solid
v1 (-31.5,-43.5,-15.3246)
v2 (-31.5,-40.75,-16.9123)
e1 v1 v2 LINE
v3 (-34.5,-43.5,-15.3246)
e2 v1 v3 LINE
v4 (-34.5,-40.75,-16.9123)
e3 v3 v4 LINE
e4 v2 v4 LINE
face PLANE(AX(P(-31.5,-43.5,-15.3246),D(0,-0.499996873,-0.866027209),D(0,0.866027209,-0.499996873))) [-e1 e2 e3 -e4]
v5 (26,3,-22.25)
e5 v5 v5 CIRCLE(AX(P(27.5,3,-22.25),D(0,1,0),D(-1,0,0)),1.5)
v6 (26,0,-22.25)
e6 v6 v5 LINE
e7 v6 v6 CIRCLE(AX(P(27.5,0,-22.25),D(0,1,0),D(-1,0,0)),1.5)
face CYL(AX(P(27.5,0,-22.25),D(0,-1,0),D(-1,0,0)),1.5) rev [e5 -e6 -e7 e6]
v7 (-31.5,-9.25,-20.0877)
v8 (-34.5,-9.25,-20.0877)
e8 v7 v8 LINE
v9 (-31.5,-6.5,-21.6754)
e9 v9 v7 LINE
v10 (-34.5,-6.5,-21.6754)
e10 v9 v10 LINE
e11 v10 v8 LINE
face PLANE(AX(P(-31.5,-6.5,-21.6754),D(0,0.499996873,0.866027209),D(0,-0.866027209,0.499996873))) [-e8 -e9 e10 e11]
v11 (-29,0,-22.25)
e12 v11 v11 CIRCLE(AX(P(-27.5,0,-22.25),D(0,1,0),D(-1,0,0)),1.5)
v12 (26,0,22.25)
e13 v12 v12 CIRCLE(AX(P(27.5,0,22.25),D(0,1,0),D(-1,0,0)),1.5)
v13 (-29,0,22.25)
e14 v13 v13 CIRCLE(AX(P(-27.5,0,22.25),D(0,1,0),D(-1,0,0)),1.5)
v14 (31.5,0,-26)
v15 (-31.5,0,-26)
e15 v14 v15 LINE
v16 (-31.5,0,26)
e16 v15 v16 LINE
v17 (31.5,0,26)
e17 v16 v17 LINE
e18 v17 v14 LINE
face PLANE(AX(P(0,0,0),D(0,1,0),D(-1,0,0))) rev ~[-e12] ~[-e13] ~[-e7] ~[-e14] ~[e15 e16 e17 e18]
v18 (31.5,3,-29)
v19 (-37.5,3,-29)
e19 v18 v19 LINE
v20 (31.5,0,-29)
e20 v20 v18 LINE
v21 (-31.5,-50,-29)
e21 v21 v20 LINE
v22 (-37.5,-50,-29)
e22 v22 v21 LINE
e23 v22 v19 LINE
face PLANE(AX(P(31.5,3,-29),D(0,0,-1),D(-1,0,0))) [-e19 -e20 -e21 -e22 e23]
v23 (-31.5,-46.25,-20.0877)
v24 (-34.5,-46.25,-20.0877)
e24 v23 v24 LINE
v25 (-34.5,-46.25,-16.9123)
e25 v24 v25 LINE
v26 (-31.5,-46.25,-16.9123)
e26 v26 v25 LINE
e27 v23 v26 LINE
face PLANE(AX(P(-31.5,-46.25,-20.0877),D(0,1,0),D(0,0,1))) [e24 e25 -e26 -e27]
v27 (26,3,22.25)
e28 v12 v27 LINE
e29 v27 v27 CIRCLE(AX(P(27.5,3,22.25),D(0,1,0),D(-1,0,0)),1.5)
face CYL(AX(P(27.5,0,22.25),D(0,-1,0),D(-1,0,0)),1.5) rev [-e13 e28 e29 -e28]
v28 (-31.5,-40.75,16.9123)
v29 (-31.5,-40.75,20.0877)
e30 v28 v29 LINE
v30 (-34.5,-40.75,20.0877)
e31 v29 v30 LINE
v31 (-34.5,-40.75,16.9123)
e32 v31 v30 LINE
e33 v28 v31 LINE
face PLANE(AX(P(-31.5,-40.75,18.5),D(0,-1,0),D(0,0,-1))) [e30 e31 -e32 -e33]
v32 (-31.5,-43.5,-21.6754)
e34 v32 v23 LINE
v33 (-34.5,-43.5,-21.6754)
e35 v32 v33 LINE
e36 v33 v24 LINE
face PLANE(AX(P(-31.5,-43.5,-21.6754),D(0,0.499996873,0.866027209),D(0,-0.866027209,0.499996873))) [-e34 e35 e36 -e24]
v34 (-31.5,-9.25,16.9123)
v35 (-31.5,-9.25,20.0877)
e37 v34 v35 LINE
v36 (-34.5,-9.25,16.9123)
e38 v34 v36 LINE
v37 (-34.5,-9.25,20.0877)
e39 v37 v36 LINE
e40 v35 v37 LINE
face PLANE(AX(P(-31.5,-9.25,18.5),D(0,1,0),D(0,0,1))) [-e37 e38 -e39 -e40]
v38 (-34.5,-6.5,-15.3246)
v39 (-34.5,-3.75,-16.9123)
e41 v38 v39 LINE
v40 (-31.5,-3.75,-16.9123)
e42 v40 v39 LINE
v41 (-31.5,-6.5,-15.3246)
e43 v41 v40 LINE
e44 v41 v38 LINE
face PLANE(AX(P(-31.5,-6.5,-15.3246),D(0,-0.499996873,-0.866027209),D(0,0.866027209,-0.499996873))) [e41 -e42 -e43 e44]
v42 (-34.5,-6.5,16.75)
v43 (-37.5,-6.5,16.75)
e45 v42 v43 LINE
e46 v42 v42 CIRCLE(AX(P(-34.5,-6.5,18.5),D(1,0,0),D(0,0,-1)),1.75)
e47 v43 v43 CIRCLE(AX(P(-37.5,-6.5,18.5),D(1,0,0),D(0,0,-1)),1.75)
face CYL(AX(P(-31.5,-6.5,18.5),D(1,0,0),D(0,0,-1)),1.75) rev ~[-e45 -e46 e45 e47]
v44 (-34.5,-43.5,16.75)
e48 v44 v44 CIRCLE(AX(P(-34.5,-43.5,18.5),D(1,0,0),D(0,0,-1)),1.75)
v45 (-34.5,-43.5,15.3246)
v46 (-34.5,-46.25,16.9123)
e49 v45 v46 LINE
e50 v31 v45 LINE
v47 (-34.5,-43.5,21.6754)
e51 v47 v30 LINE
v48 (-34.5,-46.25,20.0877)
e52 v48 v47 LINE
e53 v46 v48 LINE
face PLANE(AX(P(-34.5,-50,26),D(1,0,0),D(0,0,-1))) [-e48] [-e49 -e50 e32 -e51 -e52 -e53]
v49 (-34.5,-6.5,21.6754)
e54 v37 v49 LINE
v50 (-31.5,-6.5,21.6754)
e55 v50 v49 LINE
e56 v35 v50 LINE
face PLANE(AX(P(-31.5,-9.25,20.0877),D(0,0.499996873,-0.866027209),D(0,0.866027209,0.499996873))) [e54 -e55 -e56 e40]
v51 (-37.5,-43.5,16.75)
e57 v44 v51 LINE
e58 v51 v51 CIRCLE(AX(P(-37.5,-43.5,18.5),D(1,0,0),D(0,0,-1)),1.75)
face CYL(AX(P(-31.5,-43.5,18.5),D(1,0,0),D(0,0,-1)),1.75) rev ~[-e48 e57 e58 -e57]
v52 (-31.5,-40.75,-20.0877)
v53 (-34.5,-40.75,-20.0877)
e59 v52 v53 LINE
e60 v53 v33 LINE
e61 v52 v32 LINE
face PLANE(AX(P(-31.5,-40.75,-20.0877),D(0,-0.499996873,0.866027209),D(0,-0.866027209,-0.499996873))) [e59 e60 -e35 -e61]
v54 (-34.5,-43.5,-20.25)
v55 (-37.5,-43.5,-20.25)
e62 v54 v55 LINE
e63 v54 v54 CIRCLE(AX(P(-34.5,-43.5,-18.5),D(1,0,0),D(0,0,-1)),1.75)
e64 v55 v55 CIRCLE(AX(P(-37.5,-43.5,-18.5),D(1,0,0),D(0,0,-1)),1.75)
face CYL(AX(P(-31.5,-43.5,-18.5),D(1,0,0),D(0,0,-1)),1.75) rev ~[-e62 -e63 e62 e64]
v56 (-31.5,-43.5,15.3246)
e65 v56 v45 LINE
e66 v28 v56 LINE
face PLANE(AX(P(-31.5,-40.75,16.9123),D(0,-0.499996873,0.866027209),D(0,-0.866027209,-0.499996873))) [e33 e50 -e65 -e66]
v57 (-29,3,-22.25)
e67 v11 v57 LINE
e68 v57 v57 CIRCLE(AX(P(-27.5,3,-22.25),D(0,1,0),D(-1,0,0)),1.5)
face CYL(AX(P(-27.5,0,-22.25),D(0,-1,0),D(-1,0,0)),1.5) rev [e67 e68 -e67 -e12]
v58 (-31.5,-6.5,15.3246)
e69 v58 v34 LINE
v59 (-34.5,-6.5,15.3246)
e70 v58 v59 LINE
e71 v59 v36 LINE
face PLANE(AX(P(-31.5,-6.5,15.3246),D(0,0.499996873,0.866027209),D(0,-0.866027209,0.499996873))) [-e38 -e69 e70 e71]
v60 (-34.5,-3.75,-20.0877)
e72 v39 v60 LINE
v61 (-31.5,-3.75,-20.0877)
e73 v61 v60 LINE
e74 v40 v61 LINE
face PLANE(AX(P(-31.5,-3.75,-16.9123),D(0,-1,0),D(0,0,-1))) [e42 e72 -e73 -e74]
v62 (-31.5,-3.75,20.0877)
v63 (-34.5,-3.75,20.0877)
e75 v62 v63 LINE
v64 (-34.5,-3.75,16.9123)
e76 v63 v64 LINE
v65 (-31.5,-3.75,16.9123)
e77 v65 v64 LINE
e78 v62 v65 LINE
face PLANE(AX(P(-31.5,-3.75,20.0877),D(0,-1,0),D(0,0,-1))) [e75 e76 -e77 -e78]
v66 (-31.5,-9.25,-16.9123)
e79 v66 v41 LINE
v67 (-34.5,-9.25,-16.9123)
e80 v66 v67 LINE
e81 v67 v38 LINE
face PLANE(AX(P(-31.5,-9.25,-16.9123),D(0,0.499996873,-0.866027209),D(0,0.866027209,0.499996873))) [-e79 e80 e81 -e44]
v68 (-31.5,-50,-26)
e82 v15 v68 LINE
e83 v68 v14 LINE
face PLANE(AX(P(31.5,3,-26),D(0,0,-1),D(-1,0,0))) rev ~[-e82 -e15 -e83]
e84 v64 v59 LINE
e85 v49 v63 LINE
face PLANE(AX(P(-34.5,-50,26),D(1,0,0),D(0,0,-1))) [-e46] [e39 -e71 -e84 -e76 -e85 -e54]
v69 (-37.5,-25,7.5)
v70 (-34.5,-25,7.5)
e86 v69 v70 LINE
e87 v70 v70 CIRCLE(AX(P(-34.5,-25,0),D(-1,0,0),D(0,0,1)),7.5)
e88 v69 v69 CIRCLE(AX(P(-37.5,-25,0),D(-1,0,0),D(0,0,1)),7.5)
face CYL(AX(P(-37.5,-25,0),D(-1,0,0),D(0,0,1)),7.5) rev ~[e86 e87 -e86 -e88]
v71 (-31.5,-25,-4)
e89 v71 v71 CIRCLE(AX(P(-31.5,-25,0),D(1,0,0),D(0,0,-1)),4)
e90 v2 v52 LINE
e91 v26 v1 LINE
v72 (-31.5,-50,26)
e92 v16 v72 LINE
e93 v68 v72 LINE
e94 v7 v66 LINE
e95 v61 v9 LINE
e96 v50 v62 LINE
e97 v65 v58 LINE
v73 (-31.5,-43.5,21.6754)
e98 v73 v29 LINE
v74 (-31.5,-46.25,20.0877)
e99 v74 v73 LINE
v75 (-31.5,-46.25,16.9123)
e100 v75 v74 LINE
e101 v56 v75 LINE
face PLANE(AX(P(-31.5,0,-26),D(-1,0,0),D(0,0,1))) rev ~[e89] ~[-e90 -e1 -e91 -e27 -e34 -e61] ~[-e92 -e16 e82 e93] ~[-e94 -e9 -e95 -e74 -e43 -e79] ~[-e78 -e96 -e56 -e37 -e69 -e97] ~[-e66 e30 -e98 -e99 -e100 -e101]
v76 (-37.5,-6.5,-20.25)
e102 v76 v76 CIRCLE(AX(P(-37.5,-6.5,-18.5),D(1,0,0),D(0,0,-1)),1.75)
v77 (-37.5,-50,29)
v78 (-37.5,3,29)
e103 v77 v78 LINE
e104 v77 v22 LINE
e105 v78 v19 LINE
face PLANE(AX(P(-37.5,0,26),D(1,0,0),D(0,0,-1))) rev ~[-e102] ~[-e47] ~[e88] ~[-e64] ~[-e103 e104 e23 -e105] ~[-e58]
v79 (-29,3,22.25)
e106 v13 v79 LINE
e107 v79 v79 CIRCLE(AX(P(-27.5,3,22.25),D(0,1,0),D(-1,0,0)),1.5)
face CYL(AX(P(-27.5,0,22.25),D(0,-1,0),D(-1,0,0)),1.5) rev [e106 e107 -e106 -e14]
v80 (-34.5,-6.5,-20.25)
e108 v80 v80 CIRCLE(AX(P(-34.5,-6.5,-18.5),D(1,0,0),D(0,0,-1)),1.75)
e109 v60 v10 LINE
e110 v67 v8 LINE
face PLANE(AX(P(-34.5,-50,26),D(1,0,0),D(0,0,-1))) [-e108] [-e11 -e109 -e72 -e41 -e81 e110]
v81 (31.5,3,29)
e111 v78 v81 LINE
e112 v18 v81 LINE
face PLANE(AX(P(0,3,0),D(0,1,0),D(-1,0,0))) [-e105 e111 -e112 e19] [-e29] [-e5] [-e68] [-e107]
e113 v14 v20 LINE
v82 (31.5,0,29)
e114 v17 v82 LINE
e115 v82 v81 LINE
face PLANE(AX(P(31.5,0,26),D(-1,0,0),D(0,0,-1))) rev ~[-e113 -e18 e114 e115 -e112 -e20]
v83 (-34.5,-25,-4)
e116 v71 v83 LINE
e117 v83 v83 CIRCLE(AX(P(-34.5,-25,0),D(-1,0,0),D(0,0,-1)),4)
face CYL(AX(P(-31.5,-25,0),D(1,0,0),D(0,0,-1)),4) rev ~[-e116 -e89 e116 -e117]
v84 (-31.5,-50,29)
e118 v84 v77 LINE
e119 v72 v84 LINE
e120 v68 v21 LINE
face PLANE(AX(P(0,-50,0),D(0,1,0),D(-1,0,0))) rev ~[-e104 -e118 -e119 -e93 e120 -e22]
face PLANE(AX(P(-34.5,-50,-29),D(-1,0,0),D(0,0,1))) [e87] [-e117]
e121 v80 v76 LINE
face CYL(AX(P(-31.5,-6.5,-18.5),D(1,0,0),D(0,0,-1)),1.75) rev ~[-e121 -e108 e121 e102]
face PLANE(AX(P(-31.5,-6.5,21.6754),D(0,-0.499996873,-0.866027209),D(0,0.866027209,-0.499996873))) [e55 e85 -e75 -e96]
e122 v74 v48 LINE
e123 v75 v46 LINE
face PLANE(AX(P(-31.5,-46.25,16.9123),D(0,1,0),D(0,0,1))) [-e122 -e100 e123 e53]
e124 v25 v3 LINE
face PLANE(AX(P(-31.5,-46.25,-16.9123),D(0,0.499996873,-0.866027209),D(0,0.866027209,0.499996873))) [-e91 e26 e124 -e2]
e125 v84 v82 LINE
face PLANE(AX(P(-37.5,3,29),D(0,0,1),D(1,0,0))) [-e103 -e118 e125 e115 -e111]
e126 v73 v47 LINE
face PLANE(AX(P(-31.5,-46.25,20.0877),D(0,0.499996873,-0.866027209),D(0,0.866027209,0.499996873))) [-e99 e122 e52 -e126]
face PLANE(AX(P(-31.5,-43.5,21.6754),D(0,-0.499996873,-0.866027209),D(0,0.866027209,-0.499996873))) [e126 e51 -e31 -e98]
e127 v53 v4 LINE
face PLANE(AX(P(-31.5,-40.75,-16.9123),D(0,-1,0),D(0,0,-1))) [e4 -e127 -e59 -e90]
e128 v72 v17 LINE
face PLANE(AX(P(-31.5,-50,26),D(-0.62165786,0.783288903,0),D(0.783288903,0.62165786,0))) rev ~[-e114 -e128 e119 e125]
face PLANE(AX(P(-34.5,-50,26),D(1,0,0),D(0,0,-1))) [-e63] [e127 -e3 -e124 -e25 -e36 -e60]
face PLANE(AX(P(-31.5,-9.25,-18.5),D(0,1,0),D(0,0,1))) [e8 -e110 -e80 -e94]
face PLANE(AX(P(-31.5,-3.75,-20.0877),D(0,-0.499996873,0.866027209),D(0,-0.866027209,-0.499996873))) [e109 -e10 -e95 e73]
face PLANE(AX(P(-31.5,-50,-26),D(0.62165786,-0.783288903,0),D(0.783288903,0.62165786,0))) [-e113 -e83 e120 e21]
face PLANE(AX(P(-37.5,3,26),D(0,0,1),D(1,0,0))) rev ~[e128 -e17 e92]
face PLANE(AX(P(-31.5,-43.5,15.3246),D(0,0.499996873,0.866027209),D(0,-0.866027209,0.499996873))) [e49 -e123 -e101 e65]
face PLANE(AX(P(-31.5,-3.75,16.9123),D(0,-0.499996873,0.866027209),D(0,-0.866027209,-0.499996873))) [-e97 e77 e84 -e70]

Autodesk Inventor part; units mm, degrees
ref_plane "YZ Plane" through (0, 0, 0) normal (1, 0, 0) x (0, 1, 0)
ref_plane "XZ Plane" through (0, 0, 0) normal (0, 1, 0) x (-1, 0, 0)
ref_plane "XY Plane" through (0, 0, 0) normal (0, 0, 1) x (1, 0, 0)
sketch "Skizze1" plane through (0, 0, 0) normal (0, 1, 0) x (-1, 0, 0)
  line L0 (-31.5, -26) -> (31.5, -26)
  line L1 (31.5, -26) -> (31.5, 26)
  line L2 (31.5, 26) -> (-31.5, 26)
  line L3 (-31.5, 26) -> (-31.5, -26)
  line L4 (-31.5, -26) -> (31.5, 26) construction
  line L5 (31.5, -26) -> (-31.5, 26) construction
  circle A0 centre (27.5, 22.25) radius 1.5
  circle A1 centre (-27.5, 22.25) radius 1.5
  circle A2 centre (-27.5, -22.25) radius 1.5
  circle A3 centre (27.5, -22.25) radius 1.5
  line L6 (31.5, 0) -> (-31.5, 0) construction
  line L7 (0, 26) -> (0, -26) construction
  line L8 (31.5, -26) -> (31.5, 26)
  line L9 (31.5, 26) -> (37.5, 26)
  line L10 (37.5, 26) -> (37.5, -26)
  line L11 (37.5, -26) -> (31.5, -26)
  point P0 (0, 0)
  dimension "d0" = 63
  dimension "d1" = 52
  dimension "d4" = 3
  dimension "d9" = 44.5
  dimension "d10" = 55
  dimension "d11" = 6
extrude "Extrusion1" add sketch "Skizze1" along normal blind 3
extrude "Extrusion2" add sketch "Skizze1" against normal blind 50 contours L1 L9 L10 L11
sketch "Skizze2" plane through (-31.5, -50, 26) normal (1, 0, 0) x (0, 0, -1)
  line L0 (52, 0) -> (0, 0) projected
  line L1 (26, 50) -> (26, 0) construction
  line L2 (7.5, 6.5) -> (44.5, 6.5)
  line L3 (44.5, 6.5) -> (44.5, 43.5)
  line L4 (44.5, 43.5) -> (7.5, 43.5)
  line L5 (7.5, 43.5) -> (7.5, 6.5)
  line L6 (7.5, 6.5) -> (44.5, 43.5) construction
  line L7 (44.5, 6.5) -> (7.5, 43.5) construction
  line L8 (42.9123, 3.75) -> (41.3246, 6.5)
  line L9 (41.3246, 6.5) -> (42.9123, 9.25)
  line L10 (42.9123, 9.25) -> (46.0877, 9.25)
  line L11 (46.0877, 9.25) -> (47.6754, 6.5)
  line L12 (47.6754, 6.5) -> (46.0877, 3.75)
  line L13 (46.0877, 3.75) -> (42.9123, 3.75)
  line L14 (5.9123, 3.75) -> (4.3246, 6.5)
  line L15 (4.3246, 6.5) -> (5.9123, 9.25)
  line L16 (5.9123, 9.25) -> (9.0877, 9.25)
  line L17 (9.0877, 9.25) -> (10.6754, 6.5)
  line L18 (10.6754, 6.5) -> (9.0877, 3.75)
  line L19 (9.0877, 3.75) -> (5.9123, 3.75)
  line L20 (41.3246, 43.5) -> (42.9123, 46.25)
  line L21 (42.9123, 46.25) -> (46.0877, 46.25)
  line L22 (46.0877, 46.25) -> (47.6754, 43.5)
  line L23 (47.6754, 43.5) -> (46.0877, 40.75)
  line L24 (46.0877, 40.75) -> (42.9123, 40.75)
  line L25 (42.9123, 40.75) -> (41.3246, 43.5)
  line L26 (4.3246, 43.5) -> (5.9123, 46.25)
  line L27 (5.9123, 46.25) -> (9.0877, 46.25)
  line L28 (9.0877, 46.25) -> (10.6754, 43.5)
  line L29 (10.6754, 43.5) -> (9.0877, 40.75)
  line L30 (9.0877, 40.75) -> (5.9123, 40.75)
  line L31 (5.9123, 40.75) -> (4.3246, 43.5)
  circle A0 centre (44.5, 6.5) radius 1.75
  circle A1 centre (7.5, 6.5) radius 1.75
  circle A2 centre (44.5, 43.5) radius 1.75
  circle A3 centre (7.5, 43.5) radius 1.75
  circle A4 centre (26, 25) radius 4
  point P0 (26, 25)
  dimension "d30" = 37
  dimension "d31" = 37
  dimension "d39" = 5.5
  dimension "d42" = 3.5
  dimension "d45" = 8
extrude "Extrusion4" cut sketch "Skizze2" against normal through all contours L5 A1 L2 | L2 A1 L5 | A0 L3 L2 | L2 L3 A0 | A3 L4 L5 | L5 L4 A3 | A2 L4 L3 | L3 L4 A2 | A4
extrude "Extrusion3" cut sketch "Skizze2" against normal blind 3 contours L5 A1 L2 | L2 A1 L5 | A1 L5 L16 L17 L2 | L2 L18 L19 L14 L15 L16 L5 A1 | L9 L10 L3 A0 L2 | L2 A0 L3 L10 L11 L12 L13 L8 | L30 L31 L26 L27 L28 L4 A3 L5 | L5 A3 L4 L29 L30 | A0 L3 L2 | L2 L3 A0 | A3 L4 L5 | L5 L4 A3 | L24 L25 L4 A2 L3 | L3 A2 L4 L20 L21 L22 L23 L24 | A2 L4 L3 | L3 L4 A2
sketch "Skizze3" plane through (31.5, 3, -26) normal (0, 0, -1) x (-1, 0, 0)
  line L0 (0, -3) -> (63, -3) projected
  line L1 (63, -3) -> (63, -53) projected
  line L2 (69, -53) -> (63, -53) projected
  line L3 (69, -53) -> (69, 0) projected
  line L4 (0, 0) -> (69, 0) projected
  line L5 (0, -3) -> (0, 0) projected
  line L6 (63, -53) -> (0, -3)
  point P0 (31.5, -3)
extrude "Extrusion5" add sketch "Skizze3" along normal blind 3
sketch "Skizze4" plane through (-37.5, 3, 26) normal (0, 0, 1) x (1, 0, 0)
  line L0 (6, -3) -> (69, -3) projected
  line L1 (69, -3) -> (69, 0) projected
  line L2 (0, 0) -> (69, 0) projected
  line L3 (0, -53) -> (0, 0) projected
  line L4 (6, -53) -> (0, -53) projected
  line L5 (6, -3) -> (6, -53) projected
  line L6 (6, -53) -> (69, -3)
  point P0 (37.5, -3)
extrude "Extrusion6" add sketch "Skizze4" along normal blind 3
sketch "Skizze5" plane through (-37.5, -50, -29) normal (-1, 0, 0) x (0, 0, 1)
  circle A0 centre (29, 25) radius 4 projected
  circle A1 centre (29, 25) radius 7.5
  point P0 (29, 50)
  dimension "d51" = 15
extrude "Extrusion7" cut sketch "Skizze5" against normal blind 3
equation "\"d31\" = d30"
properties part number "Sanftanlauf_Halter"
